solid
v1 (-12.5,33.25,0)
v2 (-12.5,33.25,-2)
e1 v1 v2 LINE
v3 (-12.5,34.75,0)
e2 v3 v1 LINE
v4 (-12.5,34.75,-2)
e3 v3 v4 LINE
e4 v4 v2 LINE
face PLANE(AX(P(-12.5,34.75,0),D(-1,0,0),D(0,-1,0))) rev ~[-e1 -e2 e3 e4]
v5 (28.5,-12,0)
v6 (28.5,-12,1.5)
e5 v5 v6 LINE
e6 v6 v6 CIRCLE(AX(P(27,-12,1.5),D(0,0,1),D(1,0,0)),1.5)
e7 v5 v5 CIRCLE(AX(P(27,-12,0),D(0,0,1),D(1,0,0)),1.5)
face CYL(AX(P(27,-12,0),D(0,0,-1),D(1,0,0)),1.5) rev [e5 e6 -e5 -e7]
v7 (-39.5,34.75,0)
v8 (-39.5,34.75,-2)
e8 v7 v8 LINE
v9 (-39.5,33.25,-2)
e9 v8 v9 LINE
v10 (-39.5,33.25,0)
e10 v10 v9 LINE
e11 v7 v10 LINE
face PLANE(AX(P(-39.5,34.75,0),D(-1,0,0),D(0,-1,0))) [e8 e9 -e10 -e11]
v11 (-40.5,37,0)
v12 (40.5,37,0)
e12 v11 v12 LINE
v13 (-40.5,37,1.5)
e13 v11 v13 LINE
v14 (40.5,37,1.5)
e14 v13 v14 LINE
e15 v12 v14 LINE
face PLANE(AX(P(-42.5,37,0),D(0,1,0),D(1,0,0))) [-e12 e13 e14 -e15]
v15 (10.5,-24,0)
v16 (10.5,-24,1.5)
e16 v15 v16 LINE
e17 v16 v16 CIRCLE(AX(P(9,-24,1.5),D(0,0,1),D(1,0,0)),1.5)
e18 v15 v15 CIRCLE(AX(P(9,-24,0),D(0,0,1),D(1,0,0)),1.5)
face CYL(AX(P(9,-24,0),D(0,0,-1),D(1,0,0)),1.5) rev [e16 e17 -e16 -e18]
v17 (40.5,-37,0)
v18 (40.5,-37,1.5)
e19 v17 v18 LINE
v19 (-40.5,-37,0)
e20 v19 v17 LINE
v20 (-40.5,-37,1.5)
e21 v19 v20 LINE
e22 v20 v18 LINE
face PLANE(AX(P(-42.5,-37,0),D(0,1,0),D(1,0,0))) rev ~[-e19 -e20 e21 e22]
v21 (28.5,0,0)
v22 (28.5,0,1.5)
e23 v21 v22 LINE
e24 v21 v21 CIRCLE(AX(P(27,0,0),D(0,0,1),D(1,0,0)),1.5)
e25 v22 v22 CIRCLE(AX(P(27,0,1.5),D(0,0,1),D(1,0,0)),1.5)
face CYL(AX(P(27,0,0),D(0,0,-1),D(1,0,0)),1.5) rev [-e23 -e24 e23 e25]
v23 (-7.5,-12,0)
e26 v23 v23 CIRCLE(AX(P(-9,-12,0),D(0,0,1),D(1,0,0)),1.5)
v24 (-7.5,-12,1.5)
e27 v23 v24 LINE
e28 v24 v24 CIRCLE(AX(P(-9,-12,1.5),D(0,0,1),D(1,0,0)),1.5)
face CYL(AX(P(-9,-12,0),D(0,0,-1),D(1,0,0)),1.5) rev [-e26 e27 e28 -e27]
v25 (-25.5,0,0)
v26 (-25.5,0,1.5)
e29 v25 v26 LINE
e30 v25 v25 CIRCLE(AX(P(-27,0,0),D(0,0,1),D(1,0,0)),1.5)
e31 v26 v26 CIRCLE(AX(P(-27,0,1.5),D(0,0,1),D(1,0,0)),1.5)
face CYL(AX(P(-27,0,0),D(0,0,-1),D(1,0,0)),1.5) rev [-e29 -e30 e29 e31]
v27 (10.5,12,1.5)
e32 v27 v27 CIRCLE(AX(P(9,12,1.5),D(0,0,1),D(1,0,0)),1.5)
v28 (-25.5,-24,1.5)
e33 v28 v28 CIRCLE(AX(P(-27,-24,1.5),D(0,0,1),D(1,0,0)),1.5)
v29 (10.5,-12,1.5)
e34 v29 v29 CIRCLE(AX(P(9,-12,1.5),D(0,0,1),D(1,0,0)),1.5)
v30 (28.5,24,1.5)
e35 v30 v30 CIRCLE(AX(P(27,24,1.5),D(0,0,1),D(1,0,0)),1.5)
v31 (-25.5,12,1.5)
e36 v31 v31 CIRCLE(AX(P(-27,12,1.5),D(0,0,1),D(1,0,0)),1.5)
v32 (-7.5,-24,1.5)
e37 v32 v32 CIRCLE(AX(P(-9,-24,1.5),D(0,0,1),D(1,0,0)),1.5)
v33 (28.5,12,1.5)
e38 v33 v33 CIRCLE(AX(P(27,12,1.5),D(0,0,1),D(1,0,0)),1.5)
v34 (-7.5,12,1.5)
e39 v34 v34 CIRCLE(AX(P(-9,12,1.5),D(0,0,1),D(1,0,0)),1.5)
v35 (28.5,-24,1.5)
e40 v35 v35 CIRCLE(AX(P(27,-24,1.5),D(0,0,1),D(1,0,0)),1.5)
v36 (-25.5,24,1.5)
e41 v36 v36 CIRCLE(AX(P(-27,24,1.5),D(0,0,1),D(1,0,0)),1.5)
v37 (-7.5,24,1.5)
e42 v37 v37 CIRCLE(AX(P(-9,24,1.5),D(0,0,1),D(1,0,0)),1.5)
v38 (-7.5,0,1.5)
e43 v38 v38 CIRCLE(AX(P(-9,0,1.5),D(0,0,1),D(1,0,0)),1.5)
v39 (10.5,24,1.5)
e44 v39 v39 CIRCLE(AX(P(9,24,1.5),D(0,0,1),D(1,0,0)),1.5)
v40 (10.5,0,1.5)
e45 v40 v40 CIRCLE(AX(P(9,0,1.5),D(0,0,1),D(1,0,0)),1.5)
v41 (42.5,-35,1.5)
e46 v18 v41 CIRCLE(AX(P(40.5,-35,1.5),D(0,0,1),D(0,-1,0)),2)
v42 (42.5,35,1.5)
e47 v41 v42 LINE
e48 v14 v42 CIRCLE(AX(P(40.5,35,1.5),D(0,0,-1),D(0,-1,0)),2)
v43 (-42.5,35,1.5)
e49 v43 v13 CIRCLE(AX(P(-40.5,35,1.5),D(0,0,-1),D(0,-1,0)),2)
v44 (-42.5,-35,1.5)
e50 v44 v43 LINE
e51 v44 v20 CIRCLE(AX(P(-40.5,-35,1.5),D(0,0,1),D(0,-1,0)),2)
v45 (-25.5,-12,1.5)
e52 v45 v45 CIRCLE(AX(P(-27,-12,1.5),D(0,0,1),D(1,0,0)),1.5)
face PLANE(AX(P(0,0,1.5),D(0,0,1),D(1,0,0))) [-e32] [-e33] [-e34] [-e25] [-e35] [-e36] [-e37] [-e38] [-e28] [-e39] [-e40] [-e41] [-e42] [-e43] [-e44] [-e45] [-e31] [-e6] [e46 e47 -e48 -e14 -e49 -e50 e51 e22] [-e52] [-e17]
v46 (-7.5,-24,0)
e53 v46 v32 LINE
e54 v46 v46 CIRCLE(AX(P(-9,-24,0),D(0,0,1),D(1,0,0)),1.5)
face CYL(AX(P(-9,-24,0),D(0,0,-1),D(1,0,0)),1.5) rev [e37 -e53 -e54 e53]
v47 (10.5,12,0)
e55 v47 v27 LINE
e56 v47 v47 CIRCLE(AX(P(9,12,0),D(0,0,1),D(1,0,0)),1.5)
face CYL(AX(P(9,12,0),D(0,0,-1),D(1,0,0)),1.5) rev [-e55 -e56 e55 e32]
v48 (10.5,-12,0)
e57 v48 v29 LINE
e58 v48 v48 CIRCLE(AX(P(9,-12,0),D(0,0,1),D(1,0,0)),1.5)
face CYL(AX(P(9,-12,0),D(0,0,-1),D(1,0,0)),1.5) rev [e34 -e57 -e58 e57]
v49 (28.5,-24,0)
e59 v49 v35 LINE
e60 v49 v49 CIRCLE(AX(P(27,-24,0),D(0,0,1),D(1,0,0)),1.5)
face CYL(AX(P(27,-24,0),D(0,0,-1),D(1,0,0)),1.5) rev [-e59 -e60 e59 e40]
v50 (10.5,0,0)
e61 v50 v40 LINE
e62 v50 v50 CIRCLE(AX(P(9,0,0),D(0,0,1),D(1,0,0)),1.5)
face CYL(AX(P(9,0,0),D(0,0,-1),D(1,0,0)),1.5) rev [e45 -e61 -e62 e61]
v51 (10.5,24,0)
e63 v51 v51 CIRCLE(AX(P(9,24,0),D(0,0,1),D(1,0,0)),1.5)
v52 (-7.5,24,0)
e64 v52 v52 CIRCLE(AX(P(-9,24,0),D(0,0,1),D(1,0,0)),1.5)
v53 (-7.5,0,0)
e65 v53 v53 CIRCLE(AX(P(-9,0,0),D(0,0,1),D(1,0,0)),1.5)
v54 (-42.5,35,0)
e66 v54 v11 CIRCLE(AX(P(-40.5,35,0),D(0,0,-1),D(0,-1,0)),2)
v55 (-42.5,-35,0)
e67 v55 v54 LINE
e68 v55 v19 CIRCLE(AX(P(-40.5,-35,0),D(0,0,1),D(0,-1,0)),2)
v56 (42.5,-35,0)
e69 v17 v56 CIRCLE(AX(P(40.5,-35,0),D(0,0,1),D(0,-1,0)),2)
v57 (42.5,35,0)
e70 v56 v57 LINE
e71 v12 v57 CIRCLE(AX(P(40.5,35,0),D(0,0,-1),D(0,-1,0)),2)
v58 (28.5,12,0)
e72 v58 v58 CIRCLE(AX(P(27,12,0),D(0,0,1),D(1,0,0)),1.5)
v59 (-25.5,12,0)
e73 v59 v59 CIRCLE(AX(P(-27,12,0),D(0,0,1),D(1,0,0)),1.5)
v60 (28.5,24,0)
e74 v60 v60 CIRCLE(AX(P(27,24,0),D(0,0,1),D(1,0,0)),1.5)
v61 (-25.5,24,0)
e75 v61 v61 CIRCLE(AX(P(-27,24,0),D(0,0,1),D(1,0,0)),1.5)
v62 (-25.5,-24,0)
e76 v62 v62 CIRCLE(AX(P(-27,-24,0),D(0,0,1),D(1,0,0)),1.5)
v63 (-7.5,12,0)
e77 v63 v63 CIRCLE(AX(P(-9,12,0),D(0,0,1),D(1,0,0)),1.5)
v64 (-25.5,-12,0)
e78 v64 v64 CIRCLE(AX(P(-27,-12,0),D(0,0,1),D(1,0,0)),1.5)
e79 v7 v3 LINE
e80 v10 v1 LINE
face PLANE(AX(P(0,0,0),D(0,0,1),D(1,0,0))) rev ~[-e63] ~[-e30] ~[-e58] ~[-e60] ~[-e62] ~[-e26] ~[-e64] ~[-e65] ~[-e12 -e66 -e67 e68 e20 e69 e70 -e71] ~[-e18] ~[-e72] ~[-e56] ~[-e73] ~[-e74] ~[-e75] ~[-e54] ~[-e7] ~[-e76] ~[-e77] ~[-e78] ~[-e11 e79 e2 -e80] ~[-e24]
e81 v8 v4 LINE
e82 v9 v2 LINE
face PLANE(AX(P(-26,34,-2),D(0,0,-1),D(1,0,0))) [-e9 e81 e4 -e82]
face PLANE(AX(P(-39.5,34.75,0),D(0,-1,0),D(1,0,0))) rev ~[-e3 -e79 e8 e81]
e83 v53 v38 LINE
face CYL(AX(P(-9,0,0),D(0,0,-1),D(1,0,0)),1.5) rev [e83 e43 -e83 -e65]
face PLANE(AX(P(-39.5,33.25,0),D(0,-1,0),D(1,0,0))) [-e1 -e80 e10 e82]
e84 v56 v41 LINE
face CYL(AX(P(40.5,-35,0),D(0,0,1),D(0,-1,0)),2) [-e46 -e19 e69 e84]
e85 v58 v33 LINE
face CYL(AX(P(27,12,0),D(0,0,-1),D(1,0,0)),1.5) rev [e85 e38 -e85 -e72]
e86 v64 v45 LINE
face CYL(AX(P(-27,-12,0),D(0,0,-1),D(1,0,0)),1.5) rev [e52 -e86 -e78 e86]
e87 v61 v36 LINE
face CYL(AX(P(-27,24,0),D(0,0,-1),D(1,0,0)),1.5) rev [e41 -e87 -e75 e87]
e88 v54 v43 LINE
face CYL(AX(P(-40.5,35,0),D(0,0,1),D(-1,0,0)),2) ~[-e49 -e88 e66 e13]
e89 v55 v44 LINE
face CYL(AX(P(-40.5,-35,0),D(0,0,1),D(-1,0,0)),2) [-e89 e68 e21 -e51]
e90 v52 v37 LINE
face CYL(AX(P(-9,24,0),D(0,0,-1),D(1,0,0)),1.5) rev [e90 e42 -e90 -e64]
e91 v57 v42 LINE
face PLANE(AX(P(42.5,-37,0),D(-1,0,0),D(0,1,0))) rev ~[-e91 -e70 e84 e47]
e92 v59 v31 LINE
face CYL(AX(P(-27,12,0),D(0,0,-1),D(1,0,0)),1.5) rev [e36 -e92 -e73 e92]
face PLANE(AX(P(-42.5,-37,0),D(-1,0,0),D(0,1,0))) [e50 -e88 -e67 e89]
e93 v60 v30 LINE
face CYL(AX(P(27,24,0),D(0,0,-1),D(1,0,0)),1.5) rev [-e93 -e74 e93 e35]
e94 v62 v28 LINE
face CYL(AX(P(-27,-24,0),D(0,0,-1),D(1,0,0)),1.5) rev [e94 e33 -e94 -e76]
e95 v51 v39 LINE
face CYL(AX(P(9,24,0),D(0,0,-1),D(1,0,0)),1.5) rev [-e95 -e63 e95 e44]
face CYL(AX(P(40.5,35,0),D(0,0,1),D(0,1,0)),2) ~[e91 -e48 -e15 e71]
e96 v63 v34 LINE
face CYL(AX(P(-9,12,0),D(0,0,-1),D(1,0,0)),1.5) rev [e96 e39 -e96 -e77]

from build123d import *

# Parameters (mm, degrees)
SKETCH001_W  = 85
SKETCH001_H  = 74
SKETCH001_R  = 1.5
PAD_DEPTH    = 1.5
FILLET_R     = 2
SKETCH_W     = 27
SKETCH_H     = 1.5
PAD001_DEPTH = 2


with BuildPart() as part:
    # Sketch001 → Pad (new body)
    with BuildSketch(Plane.XY):
        Rectangle(SKETCH001_W, SKETCH001_H)
        with Locations((-27, 24)):
            Circle(SKETCH001_R, mode=Mode.SUBTRACT)
        with Locations((-9, 24)):
            Circle(SKETCH001_R, mode=Mode.SUBTRACT)
        with Locations((9, 24)):
            Circle(SKETCH001_R, mode=Mode.SUBTRACT)
        with Locations((27, 24)):
            Circle(SKETCH001_R, mode=Mode.SUBTRACT)
        with Locations((-27, 12)):
            Circle(SKETCH001_R, mode=Mode.SUBTRACT)
        with Locations((-9, 12)):
            Circle(SKETCH001_R, mode=Mode.SUBTRACT)
        with Locations((9, 12)):
            Circle(SKETCH001_R, mode=Mode.SUBTRACT)
        with Locations((27, 12)):
            Circle(SKETCH001_R, mode=Mode.SUBTRACT)
        with Locations((-27, 0)):
            Circle(SKETCH001_R, mode=Mode.SUBTRACT)
        with Locations((-9, 0)):
            Circle(SKETCH001_R, mode=Mode.SUBTRACT)
        with Locations((9, 0)):
            Circle(SKETCH001_R, mode=Mode.SUBTRACT)
        with Locations((27, 0)):
            Circle(SKETCH001_R, mode=Mode.SUBTRACT)
        with Locations((-27, -12)):
            Circle(SKETCH001_R, mode=Mode.SUBTRACT)
        with Locations((-9, -12)):
            Circle(SKETCH001_R, mode=Mode.SUBTRACT)
        with Locations((9, -12)):
            Circle(SKETCH001_R, mode=Mode.SUBTRACT)
        with Locations((27, -12)):
            Circle(SKETCH001_R, mode=Mode.SUBTRACT)
        with Locations((-27, -24)):
            Circle(SKETCH001_R, mode=Mode.SUBTRACT)
        with Locations((-9, -24)):
            Circle(SKETCH001_R, mode=Mode.SUBTRACT)
        with Locations((9, -24)):
            Circle(SKETCH001_R, mode=Mode.SUBTRACT)
        with Locations((27, -24)):
            Circle(SKETCH001_R, mode=Mode.SUBTRACT)
    extrude(amount=PAD_DEPTH)

    # Fillet
    fillet_edges = [part.edges().sort_by_distance(p)[0] for p in [
        (-42.5, 37, 0.75),
        (42.5, -37, 0.75),
        (-42.5, -37, 0.75),
        (42.5, 37, 0.75),
    ]]
    fillet(fillet_edges, radius=FILLET_R)

    # Sketch (on Face2 of Fillet) → Pad001 (join)
    with BuildSketch(Plane(origin=(0, 0, 0), x_dir=(1, 0, 0), z_dir=(0, 0, -1))):
        with Locations((-26, -34)):
            Rectangle(SKETCH_W, SKETCH_H)
    extrude(amount=PAD001_DEPTH)


solid = part.part
